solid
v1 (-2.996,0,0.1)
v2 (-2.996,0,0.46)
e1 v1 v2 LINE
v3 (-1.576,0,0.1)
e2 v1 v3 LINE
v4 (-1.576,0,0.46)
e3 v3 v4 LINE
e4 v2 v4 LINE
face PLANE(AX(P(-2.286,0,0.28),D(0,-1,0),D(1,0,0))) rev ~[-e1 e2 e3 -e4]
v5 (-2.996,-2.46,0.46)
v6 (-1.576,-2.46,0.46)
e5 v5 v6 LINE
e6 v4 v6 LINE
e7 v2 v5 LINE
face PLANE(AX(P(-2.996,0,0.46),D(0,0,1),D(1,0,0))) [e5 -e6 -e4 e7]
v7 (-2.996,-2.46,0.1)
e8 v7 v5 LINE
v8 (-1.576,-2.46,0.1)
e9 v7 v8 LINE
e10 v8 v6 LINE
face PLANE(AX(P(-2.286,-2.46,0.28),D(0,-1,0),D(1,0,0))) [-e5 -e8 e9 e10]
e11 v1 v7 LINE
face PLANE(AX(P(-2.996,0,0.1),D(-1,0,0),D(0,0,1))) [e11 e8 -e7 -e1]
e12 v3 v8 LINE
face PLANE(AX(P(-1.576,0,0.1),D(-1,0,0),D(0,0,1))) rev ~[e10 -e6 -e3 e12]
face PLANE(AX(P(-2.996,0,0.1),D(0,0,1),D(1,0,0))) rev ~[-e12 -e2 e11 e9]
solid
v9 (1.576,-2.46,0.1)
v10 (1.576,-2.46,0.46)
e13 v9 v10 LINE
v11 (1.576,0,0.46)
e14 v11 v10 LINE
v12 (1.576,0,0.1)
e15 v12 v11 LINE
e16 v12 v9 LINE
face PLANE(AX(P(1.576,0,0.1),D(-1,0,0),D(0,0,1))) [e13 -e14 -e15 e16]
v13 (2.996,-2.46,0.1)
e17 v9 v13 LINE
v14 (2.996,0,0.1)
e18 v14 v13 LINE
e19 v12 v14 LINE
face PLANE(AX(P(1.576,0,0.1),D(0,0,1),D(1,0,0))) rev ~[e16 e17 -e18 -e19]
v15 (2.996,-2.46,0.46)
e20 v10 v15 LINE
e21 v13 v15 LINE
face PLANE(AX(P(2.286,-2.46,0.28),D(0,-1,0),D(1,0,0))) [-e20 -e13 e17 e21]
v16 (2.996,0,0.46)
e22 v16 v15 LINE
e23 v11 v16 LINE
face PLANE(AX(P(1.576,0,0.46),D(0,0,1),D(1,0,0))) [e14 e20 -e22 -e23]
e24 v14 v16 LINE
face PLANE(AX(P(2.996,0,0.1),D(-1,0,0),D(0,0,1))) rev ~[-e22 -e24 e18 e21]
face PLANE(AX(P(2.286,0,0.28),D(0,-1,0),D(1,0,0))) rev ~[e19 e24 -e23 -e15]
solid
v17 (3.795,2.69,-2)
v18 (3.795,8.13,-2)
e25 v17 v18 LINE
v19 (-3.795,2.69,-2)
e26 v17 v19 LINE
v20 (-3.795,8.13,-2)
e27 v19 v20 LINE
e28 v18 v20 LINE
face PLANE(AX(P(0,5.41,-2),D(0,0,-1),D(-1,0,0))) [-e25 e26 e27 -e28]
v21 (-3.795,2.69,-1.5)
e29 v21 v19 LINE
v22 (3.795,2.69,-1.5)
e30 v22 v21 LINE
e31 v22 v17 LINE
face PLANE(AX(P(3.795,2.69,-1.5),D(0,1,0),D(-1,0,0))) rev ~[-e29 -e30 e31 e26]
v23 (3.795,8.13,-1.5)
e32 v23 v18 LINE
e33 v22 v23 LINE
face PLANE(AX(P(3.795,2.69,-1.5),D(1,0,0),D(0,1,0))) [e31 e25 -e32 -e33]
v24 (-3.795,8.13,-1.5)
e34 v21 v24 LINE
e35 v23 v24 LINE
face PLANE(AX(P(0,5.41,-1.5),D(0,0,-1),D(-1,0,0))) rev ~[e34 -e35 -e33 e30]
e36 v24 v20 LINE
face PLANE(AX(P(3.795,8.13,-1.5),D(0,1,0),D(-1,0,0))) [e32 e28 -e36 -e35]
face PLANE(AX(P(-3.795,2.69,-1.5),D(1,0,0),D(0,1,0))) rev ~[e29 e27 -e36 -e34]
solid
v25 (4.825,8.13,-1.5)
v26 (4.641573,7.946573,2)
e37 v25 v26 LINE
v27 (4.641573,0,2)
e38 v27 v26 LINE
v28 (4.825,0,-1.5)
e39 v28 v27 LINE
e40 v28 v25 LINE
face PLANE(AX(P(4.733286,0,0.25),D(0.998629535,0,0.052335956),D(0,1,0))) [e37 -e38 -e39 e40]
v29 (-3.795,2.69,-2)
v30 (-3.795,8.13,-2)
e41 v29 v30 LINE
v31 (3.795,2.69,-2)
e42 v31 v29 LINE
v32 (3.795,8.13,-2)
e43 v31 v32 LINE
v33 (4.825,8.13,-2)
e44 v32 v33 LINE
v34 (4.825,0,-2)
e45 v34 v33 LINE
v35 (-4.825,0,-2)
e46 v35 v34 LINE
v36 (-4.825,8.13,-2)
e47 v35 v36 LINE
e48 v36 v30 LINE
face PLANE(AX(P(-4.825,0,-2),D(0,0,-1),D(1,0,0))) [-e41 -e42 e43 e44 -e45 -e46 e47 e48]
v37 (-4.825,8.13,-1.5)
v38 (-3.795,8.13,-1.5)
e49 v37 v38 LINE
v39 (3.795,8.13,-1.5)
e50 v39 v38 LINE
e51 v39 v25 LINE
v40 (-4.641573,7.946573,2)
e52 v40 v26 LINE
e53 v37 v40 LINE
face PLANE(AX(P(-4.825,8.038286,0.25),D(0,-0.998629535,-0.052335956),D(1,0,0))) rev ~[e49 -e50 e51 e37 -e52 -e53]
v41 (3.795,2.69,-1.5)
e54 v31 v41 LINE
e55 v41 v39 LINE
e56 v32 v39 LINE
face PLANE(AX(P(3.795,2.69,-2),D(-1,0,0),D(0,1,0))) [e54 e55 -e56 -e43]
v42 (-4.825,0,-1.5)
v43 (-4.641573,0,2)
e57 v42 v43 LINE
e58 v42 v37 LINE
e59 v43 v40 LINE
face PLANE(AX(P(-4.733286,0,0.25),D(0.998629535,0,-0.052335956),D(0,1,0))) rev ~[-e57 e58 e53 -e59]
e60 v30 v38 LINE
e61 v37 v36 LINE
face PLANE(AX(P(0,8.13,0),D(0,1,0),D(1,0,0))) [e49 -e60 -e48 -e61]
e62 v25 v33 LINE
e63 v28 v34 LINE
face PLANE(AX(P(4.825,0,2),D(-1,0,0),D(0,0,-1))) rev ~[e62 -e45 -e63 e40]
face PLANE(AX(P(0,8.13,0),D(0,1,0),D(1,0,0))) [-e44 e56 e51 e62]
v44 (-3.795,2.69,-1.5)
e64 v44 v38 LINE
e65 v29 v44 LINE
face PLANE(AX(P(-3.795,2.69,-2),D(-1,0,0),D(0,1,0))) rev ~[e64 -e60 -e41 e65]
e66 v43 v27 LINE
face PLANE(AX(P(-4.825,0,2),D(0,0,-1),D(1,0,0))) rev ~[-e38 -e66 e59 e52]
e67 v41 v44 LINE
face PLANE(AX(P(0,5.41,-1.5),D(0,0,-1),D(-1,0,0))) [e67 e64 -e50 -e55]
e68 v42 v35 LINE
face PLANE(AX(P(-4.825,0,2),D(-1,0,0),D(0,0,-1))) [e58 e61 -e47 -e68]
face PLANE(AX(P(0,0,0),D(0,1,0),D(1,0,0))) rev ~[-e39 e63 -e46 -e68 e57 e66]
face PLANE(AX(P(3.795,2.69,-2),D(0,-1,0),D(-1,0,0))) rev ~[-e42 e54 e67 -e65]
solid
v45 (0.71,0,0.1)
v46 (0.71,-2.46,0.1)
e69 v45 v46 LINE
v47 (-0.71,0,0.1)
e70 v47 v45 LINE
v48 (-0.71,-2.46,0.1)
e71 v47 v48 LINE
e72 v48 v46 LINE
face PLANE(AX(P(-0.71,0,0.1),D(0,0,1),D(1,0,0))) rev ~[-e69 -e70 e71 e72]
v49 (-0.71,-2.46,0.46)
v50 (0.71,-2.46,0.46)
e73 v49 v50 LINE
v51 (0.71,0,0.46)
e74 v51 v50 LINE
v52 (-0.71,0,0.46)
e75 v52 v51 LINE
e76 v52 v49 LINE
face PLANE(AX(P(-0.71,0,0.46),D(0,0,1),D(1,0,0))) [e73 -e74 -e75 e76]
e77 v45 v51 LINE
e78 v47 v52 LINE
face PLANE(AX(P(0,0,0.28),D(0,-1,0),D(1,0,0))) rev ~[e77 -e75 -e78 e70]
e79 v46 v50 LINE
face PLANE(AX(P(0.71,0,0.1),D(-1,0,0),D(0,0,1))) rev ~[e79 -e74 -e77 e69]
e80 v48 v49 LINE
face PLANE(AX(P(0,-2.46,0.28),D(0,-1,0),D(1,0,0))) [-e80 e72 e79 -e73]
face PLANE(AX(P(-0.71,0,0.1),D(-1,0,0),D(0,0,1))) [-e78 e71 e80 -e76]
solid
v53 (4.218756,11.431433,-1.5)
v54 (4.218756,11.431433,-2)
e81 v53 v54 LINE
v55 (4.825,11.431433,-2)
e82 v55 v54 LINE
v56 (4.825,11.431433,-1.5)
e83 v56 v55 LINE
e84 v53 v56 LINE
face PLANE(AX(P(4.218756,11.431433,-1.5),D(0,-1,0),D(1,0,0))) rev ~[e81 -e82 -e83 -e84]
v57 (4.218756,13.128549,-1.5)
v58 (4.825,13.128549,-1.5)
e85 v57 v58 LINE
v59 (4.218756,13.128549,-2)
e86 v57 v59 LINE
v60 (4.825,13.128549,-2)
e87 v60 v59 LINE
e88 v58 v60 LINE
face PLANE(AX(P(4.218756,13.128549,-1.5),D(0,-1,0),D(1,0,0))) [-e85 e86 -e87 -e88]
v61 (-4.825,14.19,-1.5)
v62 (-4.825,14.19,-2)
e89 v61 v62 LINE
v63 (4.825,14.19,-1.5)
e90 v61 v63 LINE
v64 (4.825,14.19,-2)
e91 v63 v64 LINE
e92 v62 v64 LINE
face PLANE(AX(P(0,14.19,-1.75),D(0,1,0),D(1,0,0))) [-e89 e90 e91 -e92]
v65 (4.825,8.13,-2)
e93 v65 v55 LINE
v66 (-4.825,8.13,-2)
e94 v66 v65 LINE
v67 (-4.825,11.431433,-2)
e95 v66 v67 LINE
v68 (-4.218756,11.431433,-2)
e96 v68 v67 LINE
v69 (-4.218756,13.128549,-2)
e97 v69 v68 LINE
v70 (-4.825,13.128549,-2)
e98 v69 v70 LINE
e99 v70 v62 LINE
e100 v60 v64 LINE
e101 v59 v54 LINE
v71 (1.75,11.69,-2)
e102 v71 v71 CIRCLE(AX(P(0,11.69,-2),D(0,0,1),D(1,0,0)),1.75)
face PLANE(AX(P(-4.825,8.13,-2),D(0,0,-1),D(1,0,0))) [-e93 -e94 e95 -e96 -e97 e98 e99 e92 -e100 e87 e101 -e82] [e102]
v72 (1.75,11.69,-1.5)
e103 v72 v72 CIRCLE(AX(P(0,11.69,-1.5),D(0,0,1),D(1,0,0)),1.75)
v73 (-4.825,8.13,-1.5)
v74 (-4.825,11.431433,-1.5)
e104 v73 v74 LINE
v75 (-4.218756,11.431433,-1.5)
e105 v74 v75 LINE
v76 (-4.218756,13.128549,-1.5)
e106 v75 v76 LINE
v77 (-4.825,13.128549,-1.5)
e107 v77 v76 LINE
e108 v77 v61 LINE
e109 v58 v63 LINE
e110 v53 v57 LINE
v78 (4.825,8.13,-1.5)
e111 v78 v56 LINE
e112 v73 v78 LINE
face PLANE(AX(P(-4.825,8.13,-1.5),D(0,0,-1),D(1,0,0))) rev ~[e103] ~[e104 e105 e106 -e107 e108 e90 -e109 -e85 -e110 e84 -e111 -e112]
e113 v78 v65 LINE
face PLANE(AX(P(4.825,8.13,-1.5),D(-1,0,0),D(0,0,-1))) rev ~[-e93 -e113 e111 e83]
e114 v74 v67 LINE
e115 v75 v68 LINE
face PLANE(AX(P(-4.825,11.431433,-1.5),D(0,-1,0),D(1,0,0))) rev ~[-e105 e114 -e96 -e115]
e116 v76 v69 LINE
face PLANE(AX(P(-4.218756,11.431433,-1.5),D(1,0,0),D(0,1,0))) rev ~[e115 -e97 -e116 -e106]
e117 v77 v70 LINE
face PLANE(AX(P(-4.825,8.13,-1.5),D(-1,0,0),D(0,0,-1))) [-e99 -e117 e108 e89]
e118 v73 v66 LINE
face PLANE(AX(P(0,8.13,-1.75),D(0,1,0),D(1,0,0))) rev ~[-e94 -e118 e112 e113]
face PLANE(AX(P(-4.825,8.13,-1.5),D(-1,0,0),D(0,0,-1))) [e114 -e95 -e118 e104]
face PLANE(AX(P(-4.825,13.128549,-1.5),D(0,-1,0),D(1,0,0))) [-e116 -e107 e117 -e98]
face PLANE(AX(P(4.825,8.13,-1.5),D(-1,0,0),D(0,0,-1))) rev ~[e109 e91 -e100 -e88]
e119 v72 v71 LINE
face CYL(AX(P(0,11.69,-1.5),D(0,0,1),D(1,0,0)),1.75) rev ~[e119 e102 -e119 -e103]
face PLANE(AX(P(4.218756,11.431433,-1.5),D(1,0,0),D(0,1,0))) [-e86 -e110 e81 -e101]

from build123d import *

# Parameters (mm, degrees)
SKETCH1_W             = 9.65
SKETCH1_H             = 4
BOSS_EXTRUDE1_DEPTH   = 8.13
CHAMFER2_SIZE         = 3.5
CHAMFER2_SIZE2        = 0.183427227
SKETCH4_W             = 9.65
SKETCH4_H             = 0.5
BOSS_EXTRUDE2_DEPTH   = 6.06
CHAMFER3_SIZE         = 3.5
CHAMFER3_SIZE2        = 0.183427227
CHAMFER4_SIZE         = 3.5
CHAMFER4_SIZE2        = 0.183427227
SKETCH5_W             = 7.59
SKETCH5_H             = 5.44
CUT_EXTRUDE1_DEPTH    = 0.5
SKETCH7_W             = 7.59
SKETCH7_H             = 5.44
BOSS_EXTRUDE3_DEPTH   = 0.5
SKETCH8_W             = 1.42
SKETCH8_H             = 0.36
BOSS_EXTRUDE4_DEPTH   = 2.46
BOSS_EXTRUDE4_2_DEPTH = 2.46
BOSS_EXTRUDE4_3_DEPTH = 2.46
SKETCH9_R             = 1.75
CUT_EXTRUDE2_DEPTH    = 2.46
SKETCH10_W            = 0.606244437
SKETCH10_H            = 1.697116576
CUT_EXTRUDE3_DEPTH    = 2.46


with BuildPart() as part:
    # Sketch1 → Boss-Extrude1 (new body)
    with BuildSketch(Plane(origin=(0, 0, 0), x_dir=(1, 0, 0), z_dir=(0, 1, 0))):
        Rectangle(SKETCH1_W, SKETCH1_H)
    extrude(amount=BOSS_EXTRUDE1_DEPTH)

    # Chamfer2
    chamfer2_edges = [part.edges().sort_by_distance(p)[0] for p in [
        (0, 8.13, 2),
    ]]
    chamfer2_side = [part.faces().sort_by_distance(p)[0] for p in [
        (0, 8.13, 0),
    ]]
    chamfer(chamfer2_edges, length=CHAMFER2_SIZE, length2=CHAMFER2_SIZE2, reference=chamfer2_side[0])

    # Chamfer3
    chamfer3_edges = [part.edges().sort_by_distance(p)[0] for p in [
        (4.825, 3.973286386, 2),
    ]]
    chamfer3_side = [part.faces().sort_by_distance(p)[0] for p in [
        (4.825, 4.025084823, -0.00830765),
    ]]
    chamfer(chamfer3_edges, length=CHAMFER3_SIZE, length2=CHAMFER3_SIZE2, reference=chamfer3_side[0])

    # Chamfer4
    chamfer4_edges = [part.edges().sort_by_distance(p)[0] for p in [
        (-4.825, 3.973286386, 2),
    ]]
    chamfer4_side = [part.faces().sort_by_distance(p)[0] for p in [
        (-4.825, 4.025084823, -0.00830765),
    ]]
    chamfer(chamfer4_edges, length=CHAMFER4_SIZE, length2=CHAMFER4_SIZE2, reference=chamfer4_side[0])

    # Sketch5 → Cut-Extrude1 (cut)
    with BuildSketch(Plane(origin=(0, 0, -2), x_dir=(-1, 0, 0), z_dir=(0, 0, -1))):
        with Locations((0, 5.41)):
            Rectangle(SKETCH5_W, SKETCH5_H)
    extrude(amount=-CUT_EXTRUDE1_DEPTH, mode=Mode.SUBTRACT)


with BuildPart() as body_2:
    # Sketch4 → Boss-Extrude2 (new body)
    with BuildSketch(Plane(origin=(0, 8.13, 0), x_dir=(1, 0, 0), z_dir=(0, 1, 0))):
        with Locations((0, 1.75)):
            Rectangle(SKETCH4_W, SKETCH4_H)
    extrude(amount=BOSS_EXTRUDE2_DEPTH)

    # Sketch9 → Cut-Extrude2 (cut)
    with BuildSketch(Plane.XY.offset(-1.5)):
        with Locations((0, 11.69)):
            Circle(SKETCH9_R)
    extrude(amount=-CUT_EXTRUDE2_DEPTH, mode=Mode.SUBTRACT)

    # Sketch10 → Cut-Extrude3 (cut)
    with BuildSketch(Plane.XY.offset(-1.5)):
        with Locations((-4.521877782, 12.279991165)):
            Rectangle(SKETCH10_W, SKETCH10_H)
        with Locations((4.521877782, 12.279991165)):
            Rectangle(SKETCH10_W, SKETCH10_H)
    extrude(amount=-CUT_EXTRUDE3_DEPTH, mode=Mode.SUBTRACT)


with BuildPart() as body_3:
    # Sketch7 → Boss-Extrude3 (new body)
    with BuildSketch(Plane(origin=(0, 0, -1.5), x_dir=(-1, 0, 0), z_dir=(0, 0, -1))):
        with Locations((0, 5.41)):
            Rectangle(SKETCH7_W, SKETCH7_H)
    extrude(amount=BOSS_EXTRUDE3_DEPTH)


with BuildPart() as body_4:
    # Sketch8 → Boss-Extrude4 (new body)
    with BuildSketch(Plane.XZ):
        with Locations((0, 0.28)):
            Rectangle(SKETCH8_W, SKETCH8_H)
    extrude(amount=BOSS_EXTRUDE4_DEPTH)


with BuildPart() as body_5:
    # Sketch8 → Boss-Extrude4 2 (new body)
    with BuildSketch(Plane.XZ):
        with Locations((2.286, 0.28)):
            Rectangle(SKETCH8_W, SKETCH8_H)
    extrude(amount=BOSS_EXTRUDE4_2_DEPTH)


with BuildPart() as body_6:
    # Sketch8 → Boss-Extrude4 3 (new body)
    with BuildSketch(Plane.XZ):
        with Locations((-2.286, 0.28)):
            Rectangle(SKETCH8_W, SKETCH8_H)
    extrude(amount=BOSS_EXTRUDE4_3_DEPTH)


solid = Compound([part.part, body_2.part, body_3.part, body_4.part, body_5.part, body_6.part])
